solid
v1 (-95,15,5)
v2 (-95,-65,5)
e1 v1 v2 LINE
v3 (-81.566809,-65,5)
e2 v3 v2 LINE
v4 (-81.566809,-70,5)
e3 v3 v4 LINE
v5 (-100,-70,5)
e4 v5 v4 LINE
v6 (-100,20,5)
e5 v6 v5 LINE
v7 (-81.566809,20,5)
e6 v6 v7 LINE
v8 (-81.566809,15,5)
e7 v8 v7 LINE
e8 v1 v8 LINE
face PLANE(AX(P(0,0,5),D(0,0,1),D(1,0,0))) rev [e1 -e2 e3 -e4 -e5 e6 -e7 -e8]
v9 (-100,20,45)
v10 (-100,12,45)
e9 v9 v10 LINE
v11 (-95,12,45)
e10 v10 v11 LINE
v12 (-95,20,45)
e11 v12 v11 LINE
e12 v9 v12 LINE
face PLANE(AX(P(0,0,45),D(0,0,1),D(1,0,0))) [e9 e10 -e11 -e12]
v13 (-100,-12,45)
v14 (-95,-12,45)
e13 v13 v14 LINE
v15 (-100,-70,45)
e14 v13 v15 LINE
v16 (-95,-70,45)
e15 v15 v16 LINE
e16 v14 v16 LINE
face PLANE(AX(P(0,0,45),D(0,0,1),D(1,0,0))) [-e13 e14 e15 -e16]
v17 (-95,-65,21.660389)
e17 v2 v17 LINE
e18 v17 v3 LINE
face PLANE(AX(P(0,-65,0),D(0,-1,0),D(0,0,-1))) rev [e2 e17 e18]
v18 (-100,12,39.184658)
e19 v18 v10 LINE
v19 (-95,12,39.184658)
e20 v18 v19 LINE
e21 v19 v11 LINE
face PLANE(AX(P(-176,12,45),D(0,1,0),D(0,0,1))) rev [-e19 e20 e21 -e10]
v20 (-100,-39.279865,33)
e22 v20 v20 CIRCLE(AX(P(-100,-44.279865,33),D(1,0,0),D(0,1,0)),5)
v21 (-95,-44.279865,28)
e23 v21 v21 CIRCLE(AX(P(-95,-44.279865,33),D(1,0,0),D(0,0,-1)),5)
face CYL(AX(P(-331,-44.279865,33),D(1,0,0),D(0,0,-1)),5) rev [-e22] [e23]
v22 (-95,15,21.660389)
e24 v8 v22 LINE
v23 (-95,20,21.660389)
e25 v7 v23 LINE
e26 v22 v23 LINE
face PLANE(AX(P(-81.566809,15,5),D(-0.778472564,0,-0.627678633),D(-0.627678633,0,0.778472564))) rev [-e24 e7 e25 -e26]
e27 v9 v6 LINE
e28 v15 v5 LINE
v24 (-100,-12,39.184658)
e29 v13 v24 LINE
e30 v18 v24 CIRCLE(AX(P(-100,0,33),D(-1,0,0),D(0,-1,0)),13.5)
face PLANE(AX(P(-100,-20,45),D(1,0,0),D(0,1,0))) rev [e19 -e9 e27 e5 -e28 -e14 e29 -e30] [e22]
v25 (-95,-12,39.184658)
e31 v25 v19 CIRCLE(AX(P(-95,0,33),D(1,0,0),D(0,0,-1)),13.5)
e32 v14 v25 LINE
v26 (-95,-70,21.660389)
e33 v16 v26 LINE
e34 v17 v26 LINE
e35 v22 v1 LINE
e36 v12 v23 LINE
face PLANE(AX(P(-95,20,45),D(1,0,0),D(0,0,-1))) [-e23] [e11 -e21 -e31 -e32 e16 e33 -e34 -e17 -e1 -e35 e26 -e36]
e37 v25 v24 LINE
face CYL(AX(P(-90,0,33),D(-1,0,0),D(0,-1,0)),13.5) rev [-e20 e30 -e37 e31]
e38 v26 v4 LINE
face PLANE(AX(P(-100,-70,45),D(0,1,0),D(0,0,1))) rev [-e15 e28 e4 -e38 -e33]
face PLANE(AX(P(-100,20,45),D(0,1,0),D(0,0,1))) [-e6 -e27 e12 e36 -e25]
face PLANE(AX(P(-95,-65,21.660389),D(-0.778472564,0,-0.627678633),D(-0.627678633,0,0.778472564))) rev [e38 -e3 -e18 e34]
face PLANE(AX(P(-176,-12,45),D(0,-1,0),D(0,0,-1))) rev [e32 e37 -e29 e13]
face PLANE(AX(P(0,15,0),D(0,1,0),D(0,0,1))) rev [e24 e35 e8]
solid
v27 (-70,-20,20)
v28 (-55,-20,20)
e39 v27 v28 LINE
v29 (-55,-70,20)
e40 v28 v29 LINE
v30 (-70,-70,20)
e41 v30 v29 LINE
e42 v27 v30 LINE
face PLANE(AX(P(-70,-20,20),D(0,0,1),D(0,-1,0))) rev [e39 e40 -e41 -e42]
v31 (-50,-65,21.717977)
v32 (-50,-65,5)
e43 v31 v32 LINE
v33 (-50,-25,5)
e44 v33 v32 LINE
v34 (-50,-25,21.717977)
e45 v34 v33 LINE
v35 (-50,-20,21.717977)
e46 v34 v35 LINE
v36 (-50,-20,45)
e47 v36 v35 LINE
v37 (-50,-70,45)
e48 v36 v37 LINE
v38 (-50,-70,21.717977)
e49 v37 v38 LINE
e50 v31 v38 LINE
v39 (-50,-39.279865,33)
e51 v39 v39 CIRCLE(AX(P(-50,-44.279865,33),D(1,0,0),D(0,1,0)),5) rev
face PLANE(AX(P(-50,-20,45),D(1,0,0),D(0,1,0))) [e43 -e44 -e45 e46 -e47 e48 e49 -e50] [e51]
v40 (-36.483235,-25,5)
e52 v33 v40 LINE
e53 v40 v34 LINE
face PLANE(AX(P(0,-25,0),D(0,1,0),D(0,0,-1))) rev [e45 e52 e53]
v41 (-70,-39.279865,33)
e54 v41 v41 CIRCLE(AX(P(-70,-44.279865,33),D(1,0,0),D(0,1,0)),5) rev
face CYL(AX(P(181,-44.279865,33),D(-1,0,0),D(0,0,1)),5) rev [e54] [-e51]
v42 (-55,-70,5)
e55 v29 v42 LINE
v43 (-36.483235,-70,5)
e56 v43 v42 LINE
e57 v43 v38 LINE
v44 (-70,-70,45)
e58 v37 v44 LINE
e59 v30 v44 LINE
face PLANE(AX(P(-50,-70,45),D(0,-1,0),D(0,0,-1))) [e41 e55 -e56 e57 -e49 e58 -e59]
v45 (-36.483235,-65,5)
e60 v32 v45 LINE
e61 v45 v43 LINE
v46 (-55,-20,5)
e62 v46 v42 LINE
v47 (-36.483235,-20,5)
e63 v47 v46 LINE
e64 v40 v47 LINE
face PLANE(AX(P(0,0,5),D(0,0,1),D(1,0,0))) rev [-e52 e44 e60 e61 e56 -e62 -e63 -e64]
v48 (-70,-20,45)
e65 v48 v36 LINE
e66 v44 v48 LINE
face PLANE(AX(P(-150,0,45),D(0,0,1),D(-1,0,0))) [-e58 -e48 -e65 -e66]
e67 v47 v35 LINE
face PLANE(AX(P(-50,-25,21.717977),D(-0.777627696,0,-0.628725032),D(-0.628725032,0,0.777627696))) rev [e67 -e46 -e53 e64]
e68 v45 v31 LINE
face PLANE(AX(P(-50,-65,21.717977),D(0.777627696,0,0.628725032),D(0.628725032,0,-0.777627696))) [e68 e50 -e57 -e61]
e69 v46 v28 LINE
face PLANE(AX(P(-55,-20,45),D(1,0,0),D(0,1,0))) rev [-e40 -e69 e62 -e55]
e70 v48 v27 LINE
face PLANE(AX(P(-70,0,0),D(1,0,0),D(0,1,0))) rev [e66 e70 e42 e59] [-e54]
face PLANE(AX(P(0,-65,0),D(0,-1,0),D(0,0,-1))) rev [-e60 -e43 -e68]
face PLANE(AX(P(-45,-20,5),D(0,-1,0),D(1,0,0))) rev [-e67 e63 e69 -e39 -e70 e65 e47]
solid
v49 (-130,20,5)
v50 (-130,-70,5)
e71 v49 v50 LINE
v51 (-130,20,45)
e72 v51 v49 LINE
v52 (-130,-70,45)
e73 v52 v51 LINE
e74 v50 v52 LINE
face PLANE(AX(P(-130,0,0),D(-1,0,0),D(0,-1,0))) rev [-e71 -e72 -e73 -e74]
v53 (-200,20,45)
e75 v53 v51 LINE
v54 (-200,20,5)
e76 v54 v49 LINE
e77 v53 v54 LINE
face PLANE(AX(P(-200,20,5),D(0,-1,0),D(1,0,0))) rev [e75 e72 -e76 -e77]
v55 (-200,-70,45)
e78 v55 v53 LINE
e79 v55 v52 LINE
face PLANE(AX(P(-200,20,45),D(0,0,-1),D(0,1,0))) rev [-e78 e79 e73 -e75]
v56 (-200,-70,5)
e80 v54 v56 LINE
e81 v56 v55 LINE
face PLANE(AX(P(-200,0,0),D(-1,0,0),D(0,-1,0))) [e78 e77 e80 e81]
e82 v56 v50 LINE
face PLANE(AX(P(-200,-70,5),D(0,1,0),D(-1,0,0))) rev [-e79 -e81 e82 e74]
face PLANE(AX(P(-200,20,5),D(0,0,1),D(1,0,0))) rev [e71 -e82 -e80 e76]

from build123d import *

# Parameters (mm, degrees)
SKETCH1_W            = 300
SKETCH1_H            = 200
BOSS_EXTRUDE1_DEPTH  = 5
SKETCH3_W            = 20
SKETCH3_H            = 20
SKETCH3_H_2          = 40
CUT_EXTRUDE1_DEPTH   = 5
SKETCH4_W            = 20
SKETCH4_H            = 40
CUT_EXTRUDE2_DEPTH   = 10
SKETCH6_W            = 300
SKETCH6_H            = 200
BOSS_EXTRUDE2_DEPTH  = 5
BOSS_EXTRUDE4_DEPTH  = 40
SKETCH8_3_W          = 5
SKETCH8_3_H          = 40
BOSS_EXTRUDE5_DEPTH  = 40
CUT_EXTRUDE3_DEPTH   = 236
SKETCH10_R           = 5
CUT_EXTRUDE4_DEPTH   = 236
BOSS_EXTRUDE6_DEPTH  = 5
BOSS_EXTRUDE7_DEPTH  = 5
BOSS_EXTRUDE8_DEPTH  = 5
CUT_EXTRUDE5_DEPTH   = 10
SKETCH19_W           = 25
SKETCH19_H           = 50
BOSS_EXTRUDE10_DEPTH = 15
BOSS_EXTRUDE11_DEPTH = 5
SKETCH22_R           = 5
CUT_EXTRUDE6_DEPTH   = 39
SKETCH23_R           = 13.5
CUT_EXTRUDE7_DEPTH   = 10
SKETCH25_W           = 300
SKETCH25_H           = 200
SKETCH25_W_2         = 63.516764864
SKETCH25_H_2         = 90
CUT_EXTRUDE8_DEPTH   = 195
SKETCH25_2_W         = 300
SKETCH25_2_H         = 200
CUT_EXTRUDE9_DEPTH   = 195
SKETCH26_W           = 40
SKETCH26_H           = 90
BOSS_EXTRUDE12_DEPTH = 70


with BuildPart() as part:
    # Sketch1 → Boss-Extrude1 (new body)
    with BuildSketch(Plane.XY):
        Rectangle(SKETCH1_W, SKETCH1_H)
    extrude(amount=BOSS_EXTRUDE1_DEPTH)

    # Sketch3 → Cut-Extrude1 (cut)
    with BuildSketch(Plane.XY.offset(5)):
        with Locations((-140, -90)):
            Rectangle(SKETCH3_W, SKETCH3_H)
        with Locations((-140, 80)):
            Rectangle(SKETCH3_W, SKETCH3_H_2)
        with Locations((140, 80)):
            Rectangle(SKETCH3_W, SKETCH3_H_2)
        with Locations((140, -90)):
            Rectangle(SKETCH3_W, SKETCH3_H)
    extrude(amount=-CUT_EXTRUDE1_DEPTH, mode=Mode.SUBTRACT)

    # Sketch4 → Cut-Extrude2 (cut)
    with BuildSketch(Plane(origin=(0, 0, 0), x_dir=(-1, 0, 0), z_dir=(0, 0, -1))):
        with Locations((-140, -80)):
            Rectangle(SKETCH4_W, SKETCH4_H)
        with Locations((140, -80)):
            Rectangle(SKETCH4_W, SKETCH4_H)
    extrude(amount=-CUT_EXTRUDE2_DEPTH, mode=Mode.SUBTRACT)

    # Sketch6 → Boss-Extrude2 (add)
    with BuildSketch(Plane(origin=(0, 0, 0), x_dir=(-1, 0, 0), z_dir=(0, 0, -1))):
        Rectangle(SKETCH6_W, SKETCH6_H)
    extrude(amount=-BOSS_EXTRUDE2_DEPTH)

    # Sketch8 → Boss-Extrude4 (add)
    with BuildSketch(Plane.XY.offset(5)):
        Polygon((-100, 20), (-95, 20), (-95, -20), (-95, -70), (-100, -70), (-100, -20), align=None)
    boss_extrude4 = extrude(amount=BOSS_EXTRUDE4_DEPTH)

    # Sketch8<3> → Boss-Extrude5 (add)
    with BuildSketch(Plane.XY.offset(5)):
        with Locations((57.5, 0)):
            Rectangle(SKETCH8_3_W, SKETCH8_3_H)
    extrude(amount=BOSS_EXTRUDE5_DEPTH)

    # Sketch9 → Cut-Extrude3 (cut)
    with BuildSketch(Plane(origin=(60, 0, 0), x_dir=(0, 0, -1), z_dir=(1, 0, 0))):
        with BuildLine():
            Line((-45, 12), (-33, 12))
            ThreePointArc((-33, 12), (-21, 0), (-33, -12))
            Line((-33, -12), (-45, -12))
            Line((-45, -12), (-45, 12))
        make_face()
    extrude(amount=-CUT_EXTRUDE3_DEPTH, mode=Mode.SUBTRACT)

    # Sketch10 → Cut-Extrude4 (cut)
    with BuildSketch(Plane(origin=(-95, 0, 0), x_dir=(0, 0, -1), z_dir=(1, 0, 0))):
        with Locations((-33, -44.279864558)):
            Circle(SKETCH10_R)
    cut_extrude4 = extrude(amount=-CUT_EXTRUDE4_DEPTH, mode=Mode.SUBTRACT)

    # Sketch11 → Boss-Extrude6 (add)
    with BuildSketch(Plane.XZ.offset(70)):
        Polygon((-95, 21.66038922), (-81.566809401, 5), (-95, 5), align=None)
    extrude(amount=-BOSS_EXTRUDE6_DEPTH)

    # Sketch12 → Boss-Extrude7 (add)
    with BuildSketch(Plane(origin=(0, 20, 0), x_dir=(1, 0, 0), z_dir=(0, 1, 0))):
        Polygon((60, -21), (73.767048753, -5), (60, -5), align=None)
    boss_extrude7 = extrude(amount=-BOSS_EXTRUDE7_DEPTH)

    # Sketch12<3> → Boss-Extrude8 (add)
    with BuildSketch(Plane(origin=(0, 20, 0), x_dir=(1, 0, 0), z_dir=(0, 1, 0))):
        Polygon((-81.566809401, -5), (-95, -21.66038922), (-95, -5), align=None)
    extrude(amount=-BOSS_EXTRUDE8_DEPTH)

    # Mirror1: Boss-Extrude7 across plane
    add(boss_extrude7.mirror(Plane(origin=(0, 0, 0), x_dir=(0, 0, 1), z_dir=(0, -1, 0))))

    # Mirror3: Boss-Extrude4, Cut-Extrude4 across plane
    add(boss_extrude4.mirror(Plane(origin=(-75, 0, 0), x_dir=(0, 0, 1), z_dir=(1, 0, 0))))
    add(cut_extrude4.mirror(Plane(origin=(-75, 0, 0), x_dir=(0, 0, 1), z_dir=(1, 0, 0))), mode=Mode.SUBTRACT)

    # Sketch17 → Cut-Extrude5 (cut)
    with BuildSketch(Plane.ZY.offset(55)):
        Polygon((5, -20), (45, -20), (45, -12), (45, 20), (5, 20), align=None)
    extrude(amount=-CUT_EXTRUDE5_DEPTH, mode=Mode.SUBTRACT)

    # Sketch19 → Boss-Extrude10 (add)
    with BuildSketch(Plane.ZY.offset(55)):
        with Locations((32.5, -45)):
            Rectangle(SKETCH19_W, SKETCH19_H)
    extrude(amount=BOSS_EXTRUDE10_DEPTH)

    # Sketch20 → Boss-Extrude11 (add)
    with BuildSketch(Plane.XZ.offset(70)):
        Polygon((-50, 21.717977163), (-36.483235136, 5), (-50, 5), align=None)
    boss_extrude11 = extrude(amount=-BOSS_EXTRUDE11_DEPTH)

    # Mirror4: Boss-Extrude11 across plane
    add(boss_extrude11.mirror(Plane.ZX.offset(-45)))

    # Sketch22 → Cut-Extrude6 (cut)
    with BuildSketch(Plane(origin=(-75, 0, 0), x_dir=(0, 0, -1), z_dir=(1, 0, 0))):
        with Locations((-33, -44.279864558)):
            Circle(SKETCH22_R)
    extrude(amount=CUT_EXTRUDE6_DEPTH, mode=Mode.SUBTRACT)

    # Sketch23 → Cut-Extrude7 (cut)
    with BuildSketch(Plane.ZY.offset(100)):
        with Locations((33, 0)):
            Circle(SKETCH23_R)
    extrude(amount=-CUT_EXTRUDE7_DEPTH, mode=Mode.SUBTRACT)

    # Sketch25 → Cut-Extrude8 (cut)
    with BuildSketch(Plane.XY.offset(5)):
        Rectangle(SKETCH25_W, SKETCH25_H)
        with Locations((-68.241617568, -25)):
            Rectangle(SKETCH25_W_2, SKETCH25_H_2, mode=Mode.SUBTRACT)
    extrude(amount=CUT_EXTRUDE8_DEPTH, mode=Mode.SUBTRACT)

    # Sketch25<2> → Cut-Extrude9 (cut)
    with BuildSketch(Plane.XY.offset(5)):
        Rectangle(SKETCH25_2_W, SKETCH25_2_H)
    extrude(amount=-CUT_EXTRUDE9_DEPTH, mode=Mode.SUBTRACT)


with BuildPart() as cut_extrude9_piece_1:
    # of the separate pieces the step leaves, piece 1, a body of its own (cut_extrude9_pieces)
    add(part.part.solids().sort_by_distance((-50, -70, 21.717977163))[0])


with BuildPart() as cut_extrude9_piece_2:
    # of the separate pieces the step leaves, piece 2, a body of its own (cut_extrude9_pieces)
    add(part.part.solids().sort_by_distance((-81.566809401, 20, 5))[0])


with BuildPart() as body_3:
    # Sketch26 → Boss-Extrude12 (new body)
    with BuildSketch(Plane.ZY.offset(130)):
        with Locations((25, -25)):
            Rectangle(SKETCH26_W, SKETCH26_H)
    extrude(amount=BOSS_EXTRUDE12_DEPTH)


solid = Compound([cut_extrude9_piece_1.part, cut_extrude9_piece_2.part, body_3.part])
